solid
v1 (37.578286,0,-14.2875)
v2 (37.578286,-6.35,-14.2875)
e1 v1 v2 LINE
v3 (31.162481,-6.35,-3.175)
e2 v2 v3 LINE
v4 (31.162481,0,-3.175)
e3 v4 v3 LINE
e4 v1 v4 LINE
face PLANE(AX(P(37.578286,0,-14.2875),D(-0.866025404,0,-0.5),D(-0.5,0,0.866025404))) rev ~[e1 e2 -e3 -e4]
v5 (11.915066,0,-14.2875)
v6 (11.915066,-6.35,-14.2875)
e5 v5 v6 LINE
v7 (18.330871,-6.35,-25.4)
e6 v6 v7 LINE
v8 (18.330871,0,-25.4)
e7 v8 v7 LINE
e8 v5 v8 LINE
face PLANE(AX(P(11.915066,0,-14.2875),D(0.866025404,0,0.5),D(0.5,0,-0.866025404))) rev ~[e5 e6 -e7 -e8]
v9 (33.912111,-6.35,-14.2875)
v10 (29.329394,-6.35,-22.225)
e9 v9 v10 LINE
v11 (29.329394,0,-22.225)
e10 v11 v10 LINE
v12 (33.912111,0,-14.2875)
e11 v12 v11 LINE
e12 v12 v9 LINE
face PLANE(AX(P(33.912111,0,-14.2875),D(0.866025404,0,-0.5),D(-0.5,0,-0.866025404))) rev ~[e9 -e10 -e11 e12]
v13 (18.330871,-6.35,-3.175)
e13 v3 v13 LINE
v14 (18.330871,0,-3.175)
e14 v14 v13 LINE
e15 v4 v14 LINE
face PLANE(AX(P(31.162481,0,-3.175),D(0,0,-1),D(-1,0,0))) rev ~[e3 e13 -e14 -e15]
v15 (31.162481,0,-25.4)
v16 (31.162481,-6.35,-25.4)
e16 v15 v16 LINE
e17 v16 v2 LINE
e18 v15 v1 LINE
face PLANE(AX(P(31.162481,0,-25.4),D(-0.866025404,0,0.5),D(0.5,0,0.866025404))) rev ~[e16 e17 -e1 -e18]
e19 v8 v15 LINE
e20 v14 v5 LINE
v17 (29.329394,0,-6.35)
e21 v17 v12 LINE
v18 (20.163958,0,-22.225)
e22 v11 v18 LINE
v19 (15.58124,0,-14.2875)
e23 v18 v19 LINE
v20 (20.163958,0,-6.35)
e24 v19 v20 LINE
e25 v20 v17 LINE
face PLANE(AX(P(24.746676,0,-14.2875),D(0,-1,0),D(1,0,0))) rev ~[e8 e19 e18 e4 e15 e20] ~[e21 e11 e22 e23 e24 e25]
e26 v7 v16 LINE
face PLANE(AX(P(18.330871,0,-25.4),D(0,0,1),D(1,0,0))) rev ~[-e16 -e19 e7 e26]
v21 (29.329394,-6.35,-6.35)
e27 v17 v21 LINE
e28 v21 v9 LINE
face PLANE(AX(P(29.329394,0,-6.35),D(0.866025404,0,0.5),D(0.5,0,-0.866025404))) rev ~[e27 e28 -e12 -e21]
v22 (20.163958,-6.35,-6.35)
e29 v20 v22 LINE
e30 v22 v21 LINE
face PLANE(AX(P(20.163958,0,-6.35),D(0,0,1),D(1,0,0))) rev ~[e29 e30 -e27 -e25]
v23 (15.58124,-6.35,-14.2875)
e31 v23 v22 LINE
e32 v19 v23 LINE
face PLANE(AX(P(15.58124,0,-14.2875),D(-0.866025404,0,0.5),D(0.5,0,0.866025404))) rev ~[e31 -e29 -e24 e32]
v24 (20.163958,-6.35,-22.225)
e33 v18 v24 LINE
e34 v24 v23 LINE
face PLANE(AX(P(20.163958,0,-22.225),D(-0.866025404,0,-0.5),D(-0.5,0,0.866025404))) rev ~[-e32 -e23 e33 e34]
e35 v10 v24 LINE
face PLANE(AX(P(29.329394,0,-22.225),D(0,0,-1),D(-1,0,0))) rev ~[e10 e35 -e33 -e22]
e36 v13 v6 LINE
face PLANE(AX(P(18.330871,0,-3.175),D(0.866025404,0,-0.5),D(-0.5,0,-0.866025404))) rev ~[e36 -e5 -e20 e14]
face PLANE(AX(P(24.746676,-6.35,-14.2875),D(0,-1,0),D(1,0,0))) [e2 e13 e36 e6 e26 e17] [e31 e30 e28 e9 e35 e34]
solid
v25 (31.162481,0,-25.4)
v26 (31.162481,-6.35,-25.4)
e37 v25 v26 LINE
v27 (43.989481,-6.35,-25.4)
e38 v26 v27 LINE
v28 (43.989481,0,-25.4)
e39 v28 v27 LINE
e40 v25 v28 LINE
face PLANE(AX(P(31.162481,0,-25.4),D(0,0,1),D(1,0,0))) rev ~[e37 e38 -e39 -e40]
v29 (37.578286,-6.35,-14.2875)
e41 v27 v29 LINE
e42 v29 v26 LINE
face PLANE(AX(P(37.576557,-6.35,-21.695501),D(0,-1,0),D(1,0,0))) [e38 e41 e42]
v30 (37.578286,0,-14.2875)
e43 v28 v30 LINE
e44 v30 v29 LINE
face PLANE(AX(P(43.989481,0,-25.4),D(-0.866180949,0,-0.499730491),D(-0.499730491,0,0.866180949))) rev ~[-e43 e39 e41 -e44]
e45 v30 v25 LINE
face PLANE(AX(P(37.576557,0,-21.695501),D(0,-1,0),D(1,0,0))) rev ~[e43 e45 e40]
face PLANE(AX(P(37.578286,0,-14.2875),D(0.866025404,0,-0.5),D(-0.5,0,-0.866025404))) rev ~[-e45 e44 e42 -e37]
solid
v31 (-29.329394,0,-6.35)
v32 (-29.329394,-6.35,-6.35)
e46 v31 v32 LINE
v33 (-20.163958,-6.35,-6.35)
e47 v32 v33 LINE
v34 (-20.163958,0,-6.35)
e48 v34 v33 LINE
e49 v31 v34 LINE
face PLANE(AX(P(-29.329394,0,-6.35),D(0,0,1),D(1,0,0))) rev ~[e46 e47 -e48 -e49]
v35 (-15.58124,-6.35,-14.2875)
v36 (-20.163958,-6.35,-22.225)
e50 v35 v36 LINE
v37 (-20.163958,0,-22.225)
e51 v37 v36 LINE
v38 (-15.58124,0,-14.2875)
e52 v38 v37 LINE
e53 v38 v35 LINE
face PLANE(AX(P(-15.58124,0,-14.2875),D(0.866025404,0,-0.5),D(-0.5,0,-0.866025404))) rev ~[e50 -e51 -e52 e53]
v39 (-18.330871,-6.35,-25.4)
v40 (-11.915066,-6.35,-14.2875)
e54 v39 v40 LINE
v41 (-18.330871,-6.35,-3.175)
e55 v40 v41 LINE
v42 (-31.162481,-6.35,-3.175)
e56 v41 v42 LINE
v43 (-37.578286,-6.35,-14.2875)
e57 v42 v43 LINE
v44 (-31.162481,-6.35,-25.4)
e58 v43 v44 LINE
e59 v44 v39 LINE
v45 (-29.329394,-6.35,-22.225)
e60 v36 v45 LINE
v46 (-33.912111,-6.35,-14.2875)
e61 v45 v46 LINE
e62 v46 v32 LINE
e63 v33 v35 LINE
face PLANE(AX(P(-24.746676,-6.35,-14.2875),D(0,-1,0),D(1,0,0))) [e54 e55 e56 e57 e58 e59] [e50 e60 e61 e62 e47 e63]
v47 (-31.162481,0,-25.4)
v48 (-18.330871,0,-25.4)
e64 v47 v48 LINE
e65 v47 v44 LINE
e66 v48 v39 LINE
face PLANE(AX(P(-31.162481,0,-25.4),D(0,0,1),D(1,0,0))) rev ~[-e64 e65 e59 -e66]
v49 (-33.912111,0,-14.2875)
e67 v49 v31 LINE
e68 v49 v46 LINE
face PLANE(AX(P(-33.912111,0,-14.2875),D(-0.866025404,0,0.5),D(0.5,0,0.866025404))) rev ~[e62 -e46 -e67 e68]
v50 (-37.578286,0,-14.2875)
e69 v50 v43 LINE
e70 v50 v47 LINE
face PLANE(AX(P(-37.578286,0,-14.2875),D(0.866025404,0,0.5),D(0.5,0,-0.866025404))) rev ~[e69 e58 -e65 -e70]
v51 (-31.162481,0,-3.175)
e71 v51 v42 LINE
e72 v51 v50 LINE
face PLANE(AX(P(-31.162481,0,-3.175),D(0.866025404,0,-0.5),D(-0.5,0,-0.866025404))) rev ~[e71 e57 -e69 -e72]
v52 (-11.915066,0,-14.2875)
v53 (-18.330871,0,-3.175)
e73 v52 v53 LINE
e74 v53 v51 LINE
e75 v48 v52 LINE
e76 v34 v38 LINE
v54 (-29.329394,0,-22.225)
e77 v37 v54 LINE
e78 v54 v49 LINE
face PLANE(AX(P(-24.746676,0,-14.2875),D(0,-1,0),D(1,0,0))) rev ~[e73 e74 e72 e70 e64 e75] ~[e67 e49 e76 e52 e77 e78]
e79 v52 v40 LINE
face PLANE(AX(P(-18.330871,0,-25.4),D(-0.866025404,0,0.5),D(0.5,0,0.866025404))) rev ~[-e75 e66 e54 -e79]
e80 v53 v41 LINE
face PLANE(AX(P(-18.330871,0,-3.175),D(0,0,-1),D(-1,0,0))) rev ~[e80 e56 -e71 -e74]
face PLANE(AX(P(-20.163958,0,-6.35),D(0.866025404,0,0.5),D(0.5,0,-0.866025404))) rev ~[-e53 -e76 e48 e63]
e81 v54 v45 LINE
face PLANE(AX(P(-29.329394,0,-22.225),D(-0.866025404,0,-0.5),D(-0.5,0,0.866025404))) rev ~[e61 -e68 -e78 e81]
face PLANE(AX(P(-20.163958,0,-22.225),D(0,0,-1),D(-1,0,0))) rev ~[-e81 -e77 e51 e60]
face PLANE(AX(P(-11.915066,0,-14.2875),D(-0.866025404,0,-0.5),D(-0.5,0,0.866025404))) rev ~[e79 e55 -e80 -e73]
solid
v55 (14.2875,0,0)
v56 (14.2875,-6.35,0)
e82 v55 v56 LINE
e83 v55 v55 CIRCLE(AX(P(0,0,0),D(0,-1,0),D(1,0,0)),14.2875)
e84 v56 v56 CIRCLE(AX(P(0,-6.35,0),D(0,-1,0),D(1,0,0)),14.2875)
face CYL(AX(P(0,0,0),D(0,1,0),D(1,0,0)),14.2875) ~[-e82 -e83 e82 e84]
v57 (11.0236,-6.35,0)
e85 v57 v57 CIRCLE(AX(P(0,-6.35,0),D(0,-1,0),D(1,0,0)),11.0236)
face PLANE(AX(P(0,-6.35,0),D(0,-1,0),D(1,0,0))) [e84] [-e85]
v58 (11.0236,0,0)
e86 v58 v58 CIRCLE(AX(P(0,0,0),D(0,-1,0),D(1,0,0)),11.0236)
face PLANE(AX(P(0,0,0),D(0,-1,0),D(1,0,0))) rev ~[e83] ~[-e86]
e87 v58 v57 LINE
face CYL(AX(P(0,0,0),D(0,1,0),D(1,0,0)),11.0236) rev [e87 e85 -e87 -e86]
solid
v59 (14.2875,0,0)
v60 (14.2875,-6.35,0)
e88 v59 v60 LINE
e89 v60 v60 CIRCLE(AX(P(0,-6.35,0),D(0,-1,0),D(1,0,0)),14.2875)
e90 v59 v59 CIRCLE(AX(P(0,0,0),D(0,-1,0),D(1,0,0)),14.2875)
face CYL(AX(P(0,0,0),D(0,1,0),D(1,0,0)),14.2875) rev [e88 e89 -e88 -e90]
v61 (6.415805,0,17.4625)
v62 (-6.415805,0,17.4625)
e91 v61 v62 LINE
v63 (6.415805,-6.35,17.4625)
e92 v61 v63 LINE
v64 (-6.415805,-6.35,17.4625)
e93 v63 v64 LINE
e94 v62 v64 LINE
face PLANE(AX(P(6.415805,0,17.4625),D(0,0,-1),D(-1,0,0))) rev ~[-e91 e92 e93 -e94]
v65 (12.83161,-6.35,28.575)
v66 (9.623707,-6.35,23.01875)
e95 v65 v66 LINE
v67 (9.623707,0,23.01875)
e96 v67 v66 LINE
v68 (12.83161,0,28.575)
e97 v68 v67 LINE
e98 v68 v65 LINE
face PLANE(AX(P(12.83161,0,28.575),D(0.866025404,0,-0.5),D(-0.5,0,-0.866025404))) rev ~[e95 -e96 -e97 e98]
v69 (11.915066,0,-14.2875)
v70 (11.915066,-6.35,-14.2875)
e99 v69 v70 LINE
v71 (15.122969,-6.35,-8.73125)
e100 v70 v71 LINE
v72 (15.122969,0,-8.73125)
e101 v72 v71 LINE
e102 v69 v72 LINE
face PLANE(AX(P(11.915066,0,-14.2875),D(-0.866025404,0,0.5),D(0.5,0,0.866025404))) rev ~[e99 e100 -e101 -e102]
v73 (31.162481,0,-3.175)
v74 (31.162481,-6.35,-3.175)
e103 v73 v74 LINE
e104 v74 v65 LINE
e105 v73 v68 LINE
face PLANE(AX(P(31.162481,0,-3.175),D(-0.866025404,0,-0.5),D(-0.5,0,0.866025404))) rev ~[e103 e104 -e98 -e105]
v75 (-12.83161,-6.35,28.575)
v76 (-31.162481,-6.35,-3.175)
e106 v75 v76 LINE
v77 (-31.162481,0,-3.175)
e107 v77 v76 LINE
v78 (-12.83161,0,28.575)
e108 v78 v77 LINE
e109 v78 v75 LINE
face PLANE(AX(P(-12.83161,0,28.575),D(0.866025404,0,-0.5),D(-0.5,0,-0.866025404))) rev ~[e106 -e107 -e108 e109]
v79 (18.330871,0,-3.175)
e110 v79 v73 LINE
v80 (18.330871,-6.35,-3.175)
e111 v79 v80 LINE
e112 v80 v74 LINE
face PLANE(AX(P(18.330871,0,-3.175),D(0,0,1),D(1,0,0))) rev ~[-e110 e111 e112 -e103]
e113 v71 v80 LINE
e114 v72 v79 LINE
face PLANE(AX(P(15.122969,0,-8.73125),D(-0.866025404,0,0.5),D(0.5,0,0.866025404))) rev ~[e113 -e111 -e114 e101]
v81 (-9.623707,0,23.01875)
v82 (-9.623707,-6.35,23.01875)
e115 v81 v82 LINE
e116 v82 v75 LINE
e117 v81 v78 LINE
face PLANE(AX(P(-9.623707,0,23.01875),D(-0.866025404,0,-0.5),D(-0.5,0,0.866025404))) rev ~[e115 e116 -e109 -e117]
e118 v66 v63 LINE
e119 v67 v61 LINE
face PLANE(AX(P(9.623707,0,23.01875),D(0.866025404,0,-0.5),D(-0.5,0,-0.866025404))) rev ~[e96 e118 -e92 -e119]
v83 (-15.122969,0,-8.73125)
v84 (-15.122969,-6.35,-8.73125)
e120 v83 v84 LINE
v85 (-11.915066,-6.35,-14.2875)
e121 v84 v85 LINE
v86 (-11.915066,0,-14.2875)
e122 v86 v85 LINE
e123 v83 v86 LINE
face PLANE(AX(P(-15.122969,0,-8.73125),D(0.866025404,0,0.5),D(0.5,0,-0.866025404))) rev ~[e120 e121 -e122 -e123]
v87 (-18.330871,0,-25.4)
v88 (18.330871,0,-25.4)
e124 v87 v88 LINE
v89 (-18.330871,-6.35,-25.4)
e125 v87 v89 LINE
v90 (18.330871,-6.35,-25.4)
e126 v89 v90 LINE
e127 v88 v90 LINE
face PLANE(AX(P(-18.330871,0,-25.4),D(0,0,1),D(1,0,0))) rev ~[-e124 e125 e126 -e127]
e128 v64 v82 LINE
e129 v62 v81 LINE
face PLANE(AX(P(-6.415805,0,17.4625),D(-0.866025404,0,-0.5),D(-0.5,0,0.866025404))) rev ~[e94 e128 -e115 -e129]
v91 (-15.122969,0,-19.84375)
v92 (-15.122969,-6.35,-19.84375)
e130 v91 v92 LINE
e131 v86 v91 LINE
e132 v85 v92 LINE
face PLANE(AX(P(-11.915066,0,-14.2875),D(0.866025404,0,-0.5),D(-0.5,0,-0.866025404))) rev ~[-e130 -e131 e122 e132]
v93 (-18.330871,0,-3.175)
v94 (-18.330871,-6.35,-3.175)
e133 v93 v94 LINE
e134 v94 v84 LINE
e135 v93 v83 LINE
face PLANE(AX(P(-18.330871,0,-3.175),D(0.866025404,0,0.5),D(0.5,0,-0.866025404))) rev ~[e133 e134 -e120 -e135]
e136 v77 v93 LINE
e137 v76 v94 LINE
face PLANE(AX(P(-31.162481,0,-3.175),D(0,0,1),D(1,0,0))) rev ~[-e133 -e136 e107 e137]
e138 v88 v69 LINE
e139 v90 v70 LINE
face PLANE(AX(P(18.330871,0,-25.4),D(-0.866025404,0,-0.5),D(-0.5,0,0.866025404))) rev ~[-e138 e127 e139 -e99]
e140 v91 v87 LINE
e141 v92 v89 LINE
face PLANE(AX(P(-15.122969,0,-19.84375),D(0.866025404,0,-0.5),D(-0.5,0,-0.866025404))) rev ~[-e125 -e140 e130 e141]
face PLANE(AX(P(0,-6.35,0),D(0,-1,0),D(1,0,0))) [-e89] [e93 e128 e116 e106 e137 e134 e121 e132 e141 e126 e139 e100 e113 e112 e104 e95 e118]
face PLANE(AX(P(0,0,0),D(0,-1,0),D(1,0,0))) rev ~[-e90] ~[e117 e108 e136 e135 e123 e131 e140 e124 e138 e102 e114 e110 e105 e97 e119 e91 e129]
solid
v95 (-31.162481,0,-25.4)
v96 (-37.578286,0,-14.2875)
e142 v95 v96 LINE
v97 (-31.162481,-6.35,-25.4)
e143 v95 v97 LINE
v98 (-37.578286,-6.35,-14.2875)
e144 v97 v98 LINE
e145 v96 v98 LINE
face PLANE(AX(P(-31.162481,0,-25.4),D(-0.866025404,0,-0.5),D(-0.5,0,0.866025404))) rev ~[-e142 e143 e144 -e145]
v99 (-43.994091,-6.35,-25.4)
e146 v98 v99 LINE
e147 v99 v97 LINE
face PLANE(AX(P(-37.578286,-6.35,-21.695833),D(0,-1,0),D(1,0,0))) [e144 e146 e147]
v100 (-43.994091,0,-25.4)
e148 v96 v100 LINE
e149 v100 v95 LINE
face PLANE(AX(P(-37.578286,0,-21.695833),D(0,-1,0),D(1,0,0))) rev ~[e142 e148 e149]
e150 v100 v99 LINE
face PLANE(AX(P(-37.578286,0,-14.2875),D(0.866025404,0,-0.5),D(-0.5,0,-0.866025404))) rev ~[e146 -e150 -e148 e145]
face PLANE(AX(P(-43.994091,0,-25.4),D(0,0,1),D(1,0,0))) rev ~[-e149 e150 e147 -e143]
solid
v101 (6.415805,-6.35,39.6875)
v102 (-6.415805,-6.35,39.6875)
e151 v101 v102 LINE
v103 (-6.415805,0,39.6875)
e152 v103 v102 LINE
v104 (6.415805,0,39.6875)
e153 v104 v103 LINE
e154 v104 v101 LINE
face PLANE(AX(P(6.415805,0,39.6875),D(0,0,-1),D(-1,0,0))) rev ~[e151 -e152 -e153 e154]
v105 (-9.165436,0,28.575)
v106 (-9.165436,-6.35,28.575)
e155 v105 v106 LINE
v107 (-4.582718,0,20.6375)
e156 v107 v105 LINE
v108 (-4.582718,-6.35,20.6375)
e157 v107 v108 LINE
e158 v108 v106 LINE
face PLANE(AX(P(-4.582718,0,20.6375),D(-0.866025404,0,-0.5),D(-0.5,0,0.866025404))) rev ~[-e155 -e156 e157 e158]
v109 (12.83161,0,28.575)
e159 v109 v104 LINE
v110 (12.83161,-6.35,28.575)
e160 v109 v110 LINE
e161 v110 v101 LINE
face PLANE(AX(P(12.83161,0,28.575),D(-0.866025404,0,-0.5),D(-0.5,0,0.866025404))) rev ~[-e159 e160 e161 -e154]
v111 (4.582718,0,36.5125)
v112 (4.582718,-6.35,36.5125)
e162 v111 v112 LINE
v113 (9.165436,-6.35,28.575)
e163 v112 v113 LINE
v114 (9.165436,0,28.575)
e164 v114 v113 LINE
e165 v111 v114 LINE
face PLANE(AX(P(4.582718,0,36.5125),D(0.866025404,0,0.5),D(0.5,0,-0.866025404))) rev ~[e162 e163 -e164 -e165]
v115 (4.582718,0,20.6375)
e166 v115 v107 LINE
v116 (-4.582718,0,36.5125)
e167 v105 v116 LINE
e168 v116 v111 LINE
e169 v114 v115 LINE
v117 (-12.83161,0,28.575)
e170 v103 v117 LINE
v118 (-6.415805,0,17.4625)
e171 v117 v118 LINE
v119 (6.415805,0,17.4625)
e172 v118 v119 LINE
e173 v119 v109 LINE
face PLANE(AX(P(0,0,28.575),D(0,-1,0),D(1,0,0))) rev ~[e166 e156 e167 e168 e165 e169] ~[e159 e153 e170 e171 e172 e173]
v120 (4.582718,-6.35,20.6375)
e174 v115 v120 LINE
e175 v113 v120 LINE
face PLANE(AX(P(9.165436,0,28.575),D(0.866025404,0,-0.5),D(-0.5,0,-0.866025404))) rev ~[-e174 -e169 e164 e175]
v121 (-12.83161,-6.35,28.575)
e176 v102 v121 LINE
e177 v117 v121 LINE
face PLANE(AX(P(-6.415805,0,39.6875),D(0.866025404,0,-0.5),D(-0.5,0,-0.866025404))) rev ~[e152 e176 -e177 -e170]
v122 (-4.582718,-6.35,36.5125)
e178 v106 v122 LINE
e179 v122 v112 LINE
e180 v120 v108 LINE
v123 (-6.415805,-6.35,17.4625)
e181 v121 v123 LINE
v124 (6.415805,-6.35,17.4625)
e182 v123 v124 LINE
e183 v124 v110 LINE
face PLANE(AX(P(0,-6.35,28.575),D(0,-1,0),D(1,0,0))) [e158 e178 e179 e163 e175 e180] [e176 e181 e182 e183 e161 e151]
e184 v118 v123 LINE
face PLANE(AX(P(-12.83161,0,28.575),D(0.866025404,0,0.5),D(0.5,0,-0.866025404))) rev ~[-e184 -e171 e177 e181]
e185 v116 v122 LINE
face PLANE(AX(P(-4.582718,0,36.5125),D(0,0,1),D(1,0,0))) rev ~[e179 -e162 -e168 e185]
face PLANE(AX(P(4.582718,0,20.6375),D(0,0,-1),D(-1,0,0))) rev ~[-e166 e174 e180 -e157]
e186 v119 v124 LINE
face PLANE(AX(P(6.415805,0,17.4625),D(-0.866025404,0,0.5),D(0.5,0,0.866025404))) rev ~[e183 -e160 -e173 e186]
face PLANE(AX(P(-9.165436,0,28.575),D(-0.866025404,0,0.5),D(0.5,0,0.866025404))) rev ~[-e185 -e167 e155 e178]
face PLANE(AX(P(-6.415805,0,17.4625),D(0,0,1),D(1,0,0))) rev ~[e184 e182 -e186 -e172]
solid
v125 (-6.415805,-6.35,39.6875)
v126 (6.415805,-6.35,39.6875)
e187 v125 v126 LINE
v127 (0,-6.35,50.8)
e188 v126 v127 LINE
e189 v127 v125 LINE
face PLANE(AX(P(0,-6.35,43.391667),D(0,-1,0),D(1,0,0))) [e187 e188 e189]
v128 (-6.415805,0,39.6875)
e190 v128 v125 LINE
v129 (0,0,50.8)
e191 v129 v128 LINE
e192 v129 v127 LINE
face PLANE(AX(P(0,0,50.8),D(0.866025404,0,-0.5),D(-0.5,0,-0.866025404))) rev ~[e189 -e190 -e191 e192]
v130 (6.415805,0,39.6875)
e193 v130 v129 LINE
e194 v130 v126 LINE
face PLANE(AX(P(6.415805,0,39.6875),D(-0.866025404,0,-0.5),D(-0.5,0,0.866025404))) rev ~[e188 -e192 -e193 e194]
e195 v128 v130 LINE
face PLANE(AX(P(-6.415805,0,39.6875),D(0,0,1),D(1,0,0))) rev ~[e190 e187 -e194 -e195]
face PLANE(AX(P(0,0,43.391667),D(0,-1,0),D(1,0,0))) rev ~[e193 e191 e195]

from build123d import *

# Parameters (mm, degrees)
F0_R     = 14.2875
F0_R_2   = 11.0236
F2_DEPTH = 6.35
F1_R     = 14.2875


with BuildPart() as f2:
    # F0 (on Front) → F2 (new body)
    with BuildSketch(Plane.XZ):
        Circle(F0_R)
        Circle(F0_R_2, mode=Mode.SUBTRACT)
    extrude(amount=F2_DEPTH)


with BuildPart() as f2b:
    # F0 (on Front) → F2, piece 2 (new body)
    with BuildSketch(Plane.XZ):
        Polygon((-6.4158048664, 17.4625), (6.4158048664, 17.4625), (12.8316097327, 28.575), (6.4158048664, 39.6875), (-6.4158048664, 39.6875), (-12.8316097327, 28.575), align=None)
        Polygon((9.1654355234, 28.575), (4.5827177617, 20.6375), (-4.5827177617, 20.6375), (-9.1654355234, 28.575), (-4.5827177617, 36.5125), (4.5827177617, 36.5125), align=None, mode=Mode.SUBTRACT)
    extrude(amount=F2_DEPTH)


with BuildPart() as f2c:
    # F0 (on Front) → F2, piece 3 (new body)
    with BuildSketch(Plane.XZ):
        Polygon((-18.3308710468, -3.175), (-31.1624807795, -3.175), (-37.5782856459, -14.2875), (-31.1624807795, -25.4), (-18.3308710468, -25.4), (-11.9150661804, -14.2875), align=None)
        Polygon((-29.3293936748, -6.35), (-20.1639581514, -6.35), (-15.5812403898, -14.2875), (-20.1639581514, -22.225), (-29.3293936748, -22.225), (-33.9121114365, -14.2875), align=None, mode=Mode.SUBTRACT)
    extrude(amount=F2_DEPTH)


with BuildPart() as f2d:
    # F0 (on Front) → F2, piece 4 (new body)
    with BuildSketch(Plane.XZ):
        Polygon((11.9150661804, -14.2875), (18.3308710468, -25.4), (31.1624807795, -25.4), (37.5782856459, -14.2875), (31.1624807795, -3.175), (18.3308710468, -3.175), align=None)
        Polygon((20.1639581514, -22.225), (15.5812403898, -14.2875), (20.1639581514, -6.35), (29.3293936748, -6.35), (33.9121114365, -14.2875), (29.3293936748, -22.225), align=None, mode=Mode.SUBTRACT)
    extrude(amount=F2_DEPTH)


with BuildPart() as f2e:
    # F1 (on Front) → F2, piece 5 (new body)
    with BuildSketch(Plane.XZ):
        Polygon((15.1229686272, -8.7312499764), (18.3308710468, -3.175), (24.7466759131, -3.175), (31.1624807795, -3.175), (12.8316097327, 28.575), (9.623707221, 23.018749864), (6.4158048664, 17.4625), (0, 17.4625), (-6.4158048664, 17.4625), (-9.6237072491, 23.0187499127), (-12.8316097327, 28.575), (-31.1624807795, -3.175), (-24.7466759131, -3.175), (-18.3308710468, -3.175), (-15.1229686466, -8.7312499429), (-11.9150661804, -14.2875), (-15.1229686921, -19.843750136), (-18.3308710468, -25.4), (18.3308710468, -25.4), (15.1229687517, -19.8437502392), (11.9150661804, -14.2875), align=None)
        Circle(F1_R, mode=Mode.SUBTRACT)
    extrude(amount=F2_DEPTH)


with BuildPart() as f2f:
    # F1 (on Front) → F2, piece 6 (new body)
    with BuildSketch(Plane.XZ):
        Polygon((0, 39.6875), (6.4158048664, 39.6875), (0, 50.8), (-6.4158048664, 39.6875), align=None)
    extrude(amount=F2_DEPTH)


with BuildPart() as f2g:
    # F1 (on Front) → F2, piece 7 (new body)
    with BuildSketch(Plane.XZ):
        Polygon((43.9894807795, -25.4), (37.5782856459, -14.2875), (34.3703831623, -19.8437500873), (31.1624807795, -25.4), align=None)
    extrude(amount=F2_DEPTH)


with BuildPart() as f2h:
    # F1 (on Front) → F2, piece 8 (new body)
    with BuildSketch(Plane.XZ):
        Polygon((-31.1624807795, -25.4), (-34.3703830746, -19.8437502392), (-37.5782856459, -14.2875), (-43.9940905122, -25.4), align=None)
    extrude(amount=F2_DEPTH)


solid = Compound([f2.part, f2b.part, f2c.part, f2d.part, f2e.part, f2f.part, f2g.part, f2h.part])
